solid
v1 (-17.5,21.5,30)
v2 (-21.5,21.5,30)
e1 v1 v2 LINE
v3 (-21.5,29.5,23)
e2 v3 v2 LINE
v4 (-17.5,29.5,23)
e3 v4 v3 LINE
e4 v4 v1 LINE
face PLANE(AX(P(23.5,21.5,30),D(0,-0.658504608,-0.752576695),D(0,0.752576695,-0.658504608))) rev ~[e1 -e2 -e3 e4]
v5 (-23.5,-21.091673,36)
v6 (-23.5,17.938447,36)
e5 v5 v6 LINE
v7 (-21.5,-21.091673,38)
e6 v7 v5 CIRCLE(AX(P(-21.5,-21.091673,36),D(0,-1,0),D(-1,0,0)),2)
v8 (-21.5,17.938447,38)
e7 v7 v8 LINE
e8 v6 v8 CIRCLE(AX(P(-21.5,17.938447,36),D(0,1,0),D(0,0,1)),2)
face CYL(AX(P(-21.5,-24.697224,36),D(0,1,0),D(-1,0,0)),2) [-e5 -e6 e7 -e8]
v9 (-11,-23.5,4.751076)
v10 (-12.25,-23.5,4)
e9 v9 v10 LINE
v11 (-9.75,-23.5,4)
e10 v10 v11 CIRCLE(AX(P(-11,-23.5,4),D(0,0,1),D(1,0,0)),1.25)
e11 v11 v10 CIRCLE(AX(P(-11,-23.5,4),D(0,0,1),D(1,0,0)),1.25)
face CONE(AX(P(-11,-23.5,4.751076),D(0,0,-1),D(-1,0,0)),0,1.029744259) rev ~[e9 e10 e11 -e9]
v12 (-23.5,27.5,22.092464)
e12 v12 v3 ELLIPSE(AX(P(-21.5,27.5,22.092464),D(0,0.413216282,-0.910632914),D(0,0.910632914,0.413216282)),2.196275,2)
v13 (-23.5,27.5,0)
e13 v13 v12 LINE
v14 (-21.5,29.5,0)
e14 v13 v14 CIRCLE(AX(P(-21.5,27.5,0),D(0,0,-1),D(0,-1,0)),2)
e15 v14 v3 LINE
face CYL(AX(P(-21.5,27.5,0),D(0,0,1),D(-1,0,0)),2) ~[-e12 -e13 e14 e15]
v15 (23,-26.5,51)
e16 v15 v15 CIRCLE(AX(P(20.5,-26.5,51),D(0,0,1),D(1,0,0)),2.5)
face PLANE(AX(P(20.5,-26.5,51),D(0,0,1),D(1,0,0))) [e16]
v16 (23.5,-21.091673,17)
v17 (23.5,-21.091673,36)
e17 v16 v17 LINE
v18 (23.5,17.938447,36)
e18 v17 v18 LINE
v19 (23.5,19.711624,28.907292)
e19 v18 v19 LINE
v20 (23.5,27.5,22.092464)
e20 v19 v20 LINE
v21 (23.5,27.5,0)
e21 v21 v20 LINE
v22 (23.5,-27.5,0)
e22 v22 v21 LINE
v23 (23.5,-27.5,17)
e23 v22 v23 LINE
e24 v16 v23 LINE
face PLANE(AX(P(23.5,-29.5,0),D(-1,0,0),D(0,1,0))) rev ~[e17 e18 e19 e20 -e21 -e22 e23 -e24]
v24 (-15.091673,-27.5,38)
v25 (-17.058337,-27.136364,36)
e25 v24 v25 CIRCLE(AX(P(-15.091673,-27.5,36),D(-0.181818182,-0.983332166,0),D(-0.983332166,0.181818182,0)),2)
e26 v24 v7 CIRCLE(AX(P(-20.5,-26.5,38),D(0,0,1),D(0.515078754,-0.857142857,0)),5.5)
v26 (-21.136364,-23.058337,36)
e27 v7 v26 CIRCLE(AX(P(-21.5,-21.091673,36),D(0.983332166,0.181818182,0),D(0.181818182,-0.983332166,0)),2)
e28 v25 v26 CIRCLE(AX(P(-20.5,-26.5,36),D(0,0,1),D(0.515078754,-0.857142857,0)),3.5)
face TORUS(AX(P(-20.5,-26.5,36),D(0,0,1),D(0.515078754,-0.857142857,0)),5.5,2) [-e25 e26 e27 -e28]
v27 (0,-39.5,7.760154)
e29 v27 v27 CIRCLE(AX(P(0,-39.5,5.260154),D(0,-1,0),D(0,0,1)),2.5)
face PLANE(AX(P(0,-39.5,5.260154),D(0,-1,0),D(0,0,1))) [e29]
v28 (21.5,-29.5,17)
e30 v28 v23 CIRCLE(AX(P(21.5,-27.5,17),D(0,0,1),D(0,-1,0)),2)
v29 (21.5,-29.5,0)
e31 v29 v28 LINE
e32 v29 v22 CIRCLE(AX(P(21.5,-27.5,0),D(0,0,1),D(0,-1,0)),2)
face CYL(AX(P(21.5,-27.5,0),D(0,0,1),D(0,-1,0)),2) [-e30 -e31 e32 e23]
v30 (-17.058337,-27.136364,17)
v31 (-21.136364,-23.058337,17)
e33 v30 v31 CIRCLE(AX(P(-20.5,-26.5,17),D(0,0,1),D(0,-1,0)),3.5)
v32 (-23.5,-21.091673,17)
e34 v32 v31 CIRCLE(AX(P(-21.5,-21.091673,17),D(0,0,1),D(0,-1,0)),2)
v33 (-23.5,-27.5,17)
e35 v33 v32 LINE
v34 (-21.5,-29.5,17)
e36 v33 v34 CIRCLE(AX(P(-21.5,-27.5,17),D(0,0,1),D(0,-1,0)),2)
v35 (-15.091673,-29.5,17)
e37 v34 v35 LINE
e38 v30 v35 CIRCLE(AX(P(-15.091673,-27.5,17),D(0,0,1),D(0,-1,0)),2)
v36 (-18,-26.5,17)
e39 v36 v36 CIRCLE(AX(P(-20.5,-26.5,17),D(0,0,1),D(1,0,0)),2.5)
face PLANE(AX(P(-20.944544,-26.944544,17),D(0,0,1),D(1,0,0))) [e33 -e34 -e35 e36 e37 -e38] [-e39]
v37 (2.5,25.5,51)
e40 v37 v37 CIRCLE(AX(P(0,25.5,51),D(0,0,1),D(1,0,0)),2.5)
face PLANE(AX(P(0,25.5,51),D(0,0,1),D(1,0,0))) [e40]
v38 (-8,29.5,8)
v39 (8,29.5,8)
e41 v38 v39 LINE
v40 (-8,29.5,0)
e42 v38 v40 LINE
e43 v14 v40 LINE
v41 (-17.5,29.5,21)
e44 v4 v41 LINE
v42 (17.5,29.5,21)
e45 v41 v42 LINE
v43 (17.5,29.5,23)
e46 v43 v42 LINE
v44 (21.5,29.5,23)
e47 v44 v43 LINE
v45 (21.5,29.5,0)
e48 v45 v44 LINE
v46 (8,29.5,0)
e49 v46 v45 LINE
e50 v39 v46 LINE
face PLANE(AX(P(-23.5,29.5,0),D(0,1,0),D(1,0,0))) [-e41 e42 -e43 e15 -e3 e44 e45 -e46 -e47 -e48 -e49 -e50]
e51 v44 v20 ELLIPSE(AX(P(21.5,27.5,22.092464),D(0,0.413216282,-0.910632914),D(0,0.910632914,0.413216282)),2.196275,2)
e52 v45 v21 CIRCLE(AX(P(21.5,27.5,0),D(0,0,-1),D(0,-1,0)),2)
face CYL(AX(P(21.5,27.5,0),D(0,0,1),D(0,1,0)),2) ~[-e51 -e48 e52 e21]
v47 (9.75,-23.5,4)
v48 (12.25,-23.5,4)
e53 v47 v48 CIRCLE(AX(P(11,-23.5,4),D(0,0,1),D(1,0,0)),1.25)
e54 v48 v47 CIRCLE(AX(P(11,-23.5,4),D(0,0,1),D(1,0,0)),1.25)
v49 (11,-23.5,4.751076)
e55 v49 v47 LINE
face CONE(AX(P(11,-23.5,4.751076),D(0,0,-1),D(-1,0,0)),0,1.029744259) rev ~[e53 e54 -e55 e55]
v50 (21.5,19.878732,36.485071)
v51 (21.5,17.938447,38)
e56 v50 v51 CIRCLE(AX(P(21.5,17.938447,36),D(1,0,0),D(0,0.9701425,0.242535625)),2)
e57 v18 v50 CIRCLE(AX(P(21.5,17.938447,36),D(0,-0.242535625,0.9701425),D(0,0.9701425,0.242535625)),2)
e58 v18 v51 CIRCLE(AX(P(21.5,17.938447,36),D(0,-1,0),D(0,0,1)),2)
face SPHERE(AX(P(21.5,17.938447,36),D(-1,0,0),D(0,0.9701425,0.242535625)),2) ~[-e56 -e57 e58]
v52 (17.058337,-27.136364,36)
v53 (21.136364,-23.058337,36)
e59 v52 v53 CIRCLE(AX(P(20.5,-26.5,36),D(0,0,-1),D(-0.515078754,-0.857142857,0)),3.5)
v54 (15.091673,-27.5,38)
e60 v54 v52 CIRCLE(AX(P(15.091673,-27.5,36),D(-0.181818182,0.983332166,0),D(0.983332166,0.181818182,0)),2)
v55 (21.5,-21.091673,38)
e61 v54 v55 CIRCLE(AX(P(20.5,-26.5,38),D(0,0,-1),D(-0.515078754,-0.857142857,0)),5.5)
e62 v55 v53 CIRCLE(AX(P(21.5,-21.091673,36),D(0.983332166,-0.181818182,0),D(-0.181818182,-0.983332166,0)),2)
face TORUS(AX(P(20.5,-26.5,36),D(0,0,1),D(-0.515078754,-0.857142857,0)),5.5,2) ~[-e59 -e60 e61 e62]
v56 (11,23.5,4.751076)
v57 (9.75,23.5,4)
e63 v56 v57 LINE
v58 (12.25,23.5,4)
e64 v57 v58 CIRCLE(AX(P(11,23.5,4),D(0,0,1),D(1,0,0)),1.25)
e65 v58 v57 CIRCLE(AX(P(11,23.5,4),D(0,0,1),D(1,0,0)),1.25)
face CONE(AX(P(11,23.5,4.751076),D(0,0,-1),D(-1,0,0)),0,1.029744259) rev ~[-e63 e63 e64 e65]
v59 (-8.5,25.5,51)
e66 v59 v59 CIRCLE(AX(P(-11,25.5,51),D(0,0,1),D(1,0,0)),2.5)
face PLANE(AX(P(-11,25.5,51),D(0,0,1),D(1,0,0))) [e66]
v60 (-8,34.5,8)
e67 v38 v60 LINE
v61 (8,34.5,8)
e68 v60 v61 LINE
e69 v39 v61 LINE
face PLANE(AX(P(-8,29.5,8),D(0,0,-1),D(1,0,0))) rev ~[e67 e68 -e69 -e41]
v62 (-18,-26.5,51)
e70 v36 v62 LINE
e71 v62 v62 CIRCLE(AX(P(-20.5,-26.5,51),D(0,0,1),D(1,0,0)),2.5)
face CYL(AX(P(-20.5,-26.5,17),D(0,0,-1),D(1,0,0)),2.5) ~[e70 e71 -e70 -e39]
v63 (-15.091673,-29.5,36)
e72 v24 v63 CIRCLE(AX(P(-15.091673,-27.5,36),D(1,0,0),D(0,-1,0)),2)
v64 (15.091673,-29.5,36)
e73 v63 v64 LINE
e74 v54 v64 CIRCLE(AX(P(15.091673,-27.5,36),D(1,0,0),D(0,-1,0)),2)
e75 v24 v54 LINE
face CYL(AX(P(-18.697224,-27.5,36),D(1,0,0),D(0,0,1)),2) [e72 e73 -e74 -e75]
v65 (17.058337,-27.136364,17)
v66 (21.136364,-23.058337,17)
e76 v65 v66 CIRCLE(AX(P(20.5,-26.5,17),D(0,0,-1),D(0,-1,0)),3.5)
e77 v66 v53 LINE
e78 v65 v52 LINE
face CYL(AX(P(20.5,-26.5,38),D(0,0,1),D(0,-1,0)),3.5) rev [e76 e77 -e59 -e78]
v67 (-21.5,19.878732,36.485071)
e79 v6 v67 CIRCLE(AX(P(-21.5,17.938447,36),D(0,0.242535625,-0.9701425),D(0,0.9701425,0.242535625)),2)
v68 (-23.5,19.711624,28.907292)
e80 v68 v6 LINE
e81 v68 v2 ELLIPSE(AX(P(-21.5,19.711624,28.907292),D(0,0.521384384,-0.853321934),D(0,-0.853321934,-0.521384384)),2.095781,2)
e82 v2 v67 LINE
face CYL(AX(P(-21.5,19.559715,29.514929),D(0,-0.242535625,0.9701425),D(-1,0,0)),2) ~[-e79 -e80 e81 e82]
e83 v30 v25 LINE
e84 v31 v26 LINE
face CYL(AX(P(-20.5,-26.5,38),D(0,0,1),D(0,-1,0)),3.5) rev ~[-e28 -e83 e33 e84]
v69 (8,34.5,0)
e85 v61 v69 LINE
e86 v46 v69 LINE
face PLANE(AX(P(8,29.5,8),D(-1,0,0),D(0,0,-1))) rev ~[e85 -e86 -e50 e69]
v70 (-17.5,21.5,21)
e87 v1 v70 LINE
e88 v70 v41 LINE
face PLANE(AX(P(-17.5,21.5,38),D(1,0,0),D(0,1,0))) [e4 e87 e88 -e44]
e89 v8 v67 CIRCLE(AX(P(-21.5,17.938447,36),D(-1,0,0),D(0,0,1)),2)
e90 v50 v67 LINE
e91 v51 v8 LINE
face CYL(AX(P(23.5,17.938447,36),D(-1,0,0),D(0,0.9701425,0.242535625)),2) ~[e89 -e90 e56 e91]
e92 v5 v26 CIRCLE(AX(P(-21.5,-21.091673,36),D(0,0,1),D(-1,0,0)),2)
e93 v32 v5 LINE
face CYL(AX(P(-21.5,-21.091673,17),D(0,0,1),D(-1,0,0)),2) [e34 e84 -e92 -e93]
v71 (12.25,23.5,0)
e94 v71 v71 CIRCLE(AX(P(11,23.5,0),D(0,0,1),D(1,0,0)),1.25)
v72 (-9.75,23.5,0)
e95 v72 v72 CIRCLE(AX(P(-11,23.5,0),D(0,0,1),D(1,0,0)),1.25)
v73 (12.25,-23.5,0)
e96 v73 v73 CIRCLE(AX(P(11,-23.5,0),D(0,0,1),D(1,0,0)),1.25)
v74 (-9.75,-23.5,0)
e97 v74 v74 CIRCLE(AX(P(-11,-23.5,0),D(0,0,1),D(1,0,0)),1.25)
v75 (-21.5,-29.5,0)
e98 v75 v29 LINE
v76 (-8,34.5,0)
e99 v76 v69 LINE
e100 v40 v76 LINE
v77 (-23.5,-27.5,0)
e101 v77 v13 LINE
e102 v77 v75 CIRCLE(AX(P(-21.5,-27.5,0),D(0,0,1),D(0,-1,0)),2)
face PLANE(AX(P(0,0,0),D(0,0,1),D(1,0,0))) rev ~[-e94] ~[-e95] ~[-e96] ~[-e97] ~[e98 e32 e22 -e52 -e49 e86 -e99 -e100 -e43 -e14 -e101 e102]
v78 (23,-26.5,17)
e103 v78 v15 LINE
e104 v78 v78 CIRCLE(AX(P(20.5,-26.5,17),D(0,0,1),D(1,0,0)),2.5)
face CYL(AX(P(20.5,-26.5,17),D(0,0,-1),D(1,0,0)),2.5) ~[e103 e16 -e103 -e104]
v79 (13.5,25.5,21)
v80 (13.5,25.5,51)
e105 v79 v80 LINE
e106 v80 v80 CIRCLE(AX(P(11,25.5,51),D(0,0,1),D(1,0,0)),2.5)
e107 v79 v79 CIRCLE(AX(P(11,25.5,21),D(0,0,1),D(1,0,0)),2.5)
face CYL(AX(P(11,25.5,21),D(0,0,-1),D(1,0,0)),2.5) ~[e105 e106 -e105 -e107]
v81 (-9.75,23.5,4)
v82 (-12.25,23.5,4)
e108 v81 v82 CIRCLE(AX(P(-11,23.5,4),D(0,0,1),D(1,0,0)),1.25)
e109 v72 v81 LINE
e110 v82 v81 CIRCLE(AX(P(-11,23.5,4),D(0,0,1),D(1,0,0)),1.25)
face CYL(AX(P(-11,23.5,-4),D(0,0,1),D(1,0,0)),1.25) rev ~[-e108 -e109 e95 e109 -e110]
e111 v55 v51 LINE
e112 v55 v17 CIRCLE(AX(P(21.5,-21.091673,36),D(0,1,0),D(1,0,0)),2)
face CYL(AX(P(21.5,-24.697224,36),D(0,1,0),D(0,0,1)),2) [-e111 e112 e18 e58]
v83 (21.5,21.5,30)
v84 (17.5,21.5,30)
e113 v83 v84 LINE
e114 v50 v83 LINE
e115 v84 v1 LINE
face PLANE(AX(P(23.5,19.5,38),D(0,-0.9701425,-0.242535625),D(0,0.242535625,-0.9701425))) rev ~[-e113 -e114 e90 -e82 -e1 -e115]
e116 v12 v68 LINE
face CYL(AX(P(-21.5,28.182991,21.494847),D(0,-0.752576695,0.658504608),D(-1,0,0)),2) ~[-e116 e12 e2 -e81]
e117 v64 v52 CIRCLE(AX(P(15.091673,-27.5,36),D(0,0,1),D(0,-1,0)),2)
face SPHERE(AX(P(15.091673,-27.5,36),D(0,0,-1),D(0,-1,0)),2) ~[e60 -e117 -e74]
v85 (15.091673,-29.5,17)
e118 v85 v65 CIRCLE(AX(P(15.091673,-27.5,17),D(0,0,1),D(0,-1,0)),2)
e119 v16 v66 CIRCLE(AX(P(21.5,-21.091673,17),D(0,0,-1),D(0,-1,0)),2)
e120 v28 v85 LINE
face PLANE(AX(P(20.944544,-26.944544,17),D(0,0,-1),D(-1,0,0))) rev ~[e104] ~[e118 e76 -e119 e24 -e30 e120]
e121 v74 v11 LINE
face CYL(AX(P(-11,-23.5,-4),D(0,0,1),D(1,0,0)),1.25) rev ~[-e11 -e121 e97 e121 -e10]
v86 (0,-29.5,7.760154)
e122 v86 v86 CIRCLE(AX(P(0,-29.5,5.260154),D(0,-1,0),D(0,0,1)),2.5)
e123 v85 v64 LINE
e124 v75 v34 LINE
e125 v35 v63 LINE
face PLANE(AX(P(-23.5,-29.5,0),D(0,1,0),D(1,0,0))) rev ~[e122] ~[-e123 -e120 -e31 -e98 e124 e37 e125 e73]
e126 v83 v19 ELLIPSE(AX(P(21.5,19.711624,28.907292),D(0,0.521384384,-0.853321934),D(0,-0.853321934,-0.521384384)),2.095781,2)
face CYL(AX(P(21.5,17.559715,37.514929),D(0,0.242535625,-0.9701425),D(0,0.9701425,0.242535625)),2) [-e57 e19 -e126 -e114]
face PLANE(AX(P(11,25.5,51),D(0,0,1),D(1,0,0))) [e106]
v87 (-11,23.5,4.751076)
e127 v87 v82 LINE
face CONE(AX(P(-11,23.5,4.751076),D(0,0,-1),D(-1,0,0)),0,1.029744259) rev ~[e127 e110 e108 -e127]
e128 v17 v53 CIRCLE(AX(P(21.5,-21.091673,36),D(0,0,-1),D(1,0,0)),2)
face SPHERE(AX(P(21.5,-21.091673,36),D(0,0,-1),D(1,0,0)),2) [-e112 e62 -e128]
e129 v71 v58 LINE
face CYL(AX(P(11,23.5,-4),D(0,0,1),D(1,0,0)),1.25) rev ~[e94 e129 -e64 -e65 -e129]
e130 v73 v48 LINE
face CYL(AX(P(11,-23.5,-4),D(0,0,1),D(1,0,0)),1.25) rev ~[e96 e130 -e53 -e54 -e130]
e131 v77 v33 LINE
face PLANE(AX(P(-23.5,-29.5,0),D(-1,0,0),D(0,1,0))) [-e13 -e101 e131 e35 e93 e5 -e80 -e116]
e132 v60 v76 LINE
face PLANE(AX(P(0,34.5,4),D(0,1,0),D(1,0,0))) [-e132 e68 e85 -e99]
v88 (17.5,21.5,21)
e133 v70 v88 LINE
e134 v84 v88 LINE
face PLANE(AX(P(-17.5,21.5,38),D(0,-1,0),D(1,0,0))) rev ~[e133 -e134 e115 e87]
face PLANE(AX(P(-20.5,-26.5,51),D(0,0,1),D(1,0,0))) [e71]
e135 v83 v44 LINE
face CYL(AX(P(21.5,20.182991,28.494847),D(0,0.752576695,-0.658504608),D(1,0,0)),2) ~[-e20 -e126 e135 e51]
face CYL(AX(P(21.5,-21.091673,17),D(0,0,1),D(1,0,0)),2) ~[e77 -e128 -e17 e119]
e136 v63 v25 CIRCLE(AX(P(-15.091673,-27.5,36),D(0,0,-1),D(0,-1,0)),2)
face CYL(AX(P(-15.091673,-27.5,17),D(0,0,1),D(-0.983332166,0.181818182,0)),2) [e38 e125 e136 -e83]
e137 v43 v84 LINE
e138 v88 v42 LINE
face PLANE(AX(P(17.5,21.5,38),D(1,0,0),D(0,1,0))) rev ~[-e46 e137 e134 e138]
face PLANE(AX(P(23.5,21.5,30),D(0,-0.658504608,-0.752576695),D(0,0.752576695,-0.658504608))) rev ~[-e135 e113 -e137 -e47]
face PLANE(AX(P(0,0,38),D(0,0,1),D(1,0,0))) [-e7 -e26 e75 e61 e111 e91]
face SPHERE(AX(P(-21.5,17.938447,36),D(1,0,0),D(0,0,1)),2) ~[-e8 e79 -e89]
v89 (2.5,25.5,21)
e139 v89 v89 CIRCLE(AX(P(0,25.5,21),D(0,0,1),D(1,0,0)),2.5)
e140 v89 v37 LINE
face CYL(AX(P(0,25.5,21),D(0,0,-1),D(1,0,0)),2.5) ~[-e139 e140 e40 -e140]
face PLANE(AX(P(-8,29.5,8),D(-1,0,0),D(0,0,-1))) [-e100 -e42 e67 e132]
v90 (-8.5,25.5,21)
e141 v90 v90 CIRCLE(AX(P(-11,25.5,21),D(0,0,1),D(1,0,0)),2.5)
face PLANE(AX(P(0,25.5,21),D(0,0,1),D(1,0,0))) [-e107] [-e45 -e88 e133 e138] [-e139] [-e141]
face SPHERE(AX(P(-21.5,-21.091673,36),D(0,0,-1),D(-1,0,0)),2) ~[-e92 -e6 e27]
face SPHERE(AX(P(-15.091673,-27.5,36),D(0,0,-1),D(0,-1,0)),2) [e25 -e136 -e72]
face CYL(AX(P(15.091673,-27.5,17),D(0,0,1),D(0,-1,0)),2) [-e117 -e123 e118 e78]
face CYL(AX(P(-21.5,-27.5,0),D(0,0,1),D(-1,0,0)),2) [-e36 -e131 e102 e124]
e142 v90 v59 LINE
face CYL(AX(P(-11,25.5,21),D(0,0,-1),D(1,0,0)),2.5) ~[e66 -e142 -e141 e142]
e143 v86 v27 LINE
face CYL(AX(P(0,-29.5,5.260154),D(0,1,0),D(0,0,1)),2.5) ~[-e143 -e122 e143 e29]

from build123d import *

# Parameters (mm, degrees)
SKETCH_1_W          = 47
SKETCH_1_H          = 59
EXTRUDE_1_DEPTH     = 38
CUT_EXTRUDE_1_DEPTH = 68.25511133
SKETCH_3_W          = 35
SKETCH_3_H          = 8
CUT_EXTRUDE_2_DEPTH = 17
SKETCH_4_R          = 2.5
EXTRUDE_2_DEPTH     = 30
CUT_EXTRUDE_3_DEPTH = 21
SKETCH_6_R          = 2.5
EXTRUDE_3_DEPTH     = 34
FILLET_1_R          = 2
M3X0_51_D           = 2.5
M3X0_51_DEPTH       = 4
M3X0_51_TIP         = 0.751075774
SKETCH_10_R         = 2.5
EXTRUDE_4_DEPTH     = 10
SKETCH_11_W         = 16
SKETCH_11_H         = 8
EXTRUDE_5_DEPTH     = 5


with BuildPart() as part:
    # Эскиз1 → Бобышка-Вытянуть1 (new body)
    with BuildSketch(Plane.XY):
        Rectangle(SKETCH_1_W, SKETCH_1_H)
    extrude(amount=EXTRUDE_1_DEPTH)

    # Эскиз2 → Вырез-Вытянуть1 (cut, through all)
    with BuildSketch(Plane(origin=(23.5, 0, 0), x_dir=(0, 0, -1), z_dir=(1, 0, 0))):
        Polygon((-38, 29.5), (-38, 19.5), (-30, 21.5), (-23, 29.5), align=None)
    extrude(amount=-CUT_EXTRUDE_1_DEPTH, mode=Mode.SUBTRACT)

    # Эскиз3 → Вырез-Вытянуть2 (cut)
    with BuildSketch(Plane.XY.offset(38)):
        with Locations((0, 25.5)):
            Rectangle(SKETCH_3_W, SKETCH_3_H)
    extrude(amount=-CUT_EXTRUDE_2_DEPTH, mode=Mode.SUBTRACT)

    # Эскиз4 → Бобышка-Вытянуть2 (add)
    with BuildSketch(Plane.XY.offset(21)):
        with Locations((0, 25.5)):
            Circle(SKETCH_4_R)
        with Locations((-11, 25.5)):
            Circle(SKETCH_4_R)
        with Locations((11, 25.5)):
            Circle(SKETCH_4_R)
    extrude(amount=EXTRUDE_2_DEPTH)

    # Эскиз5 → Вырез-Вытянуть3 (cut)
    with BuildSketch(Plane.XY.offset(38)):
        with BuildLine():
            Line((-24, -26.5), (-24, -30))
            Line((-24, -30), (-20.5, -30))
            ThreePointArc((-20.5, -30), (-18.025126266, -24.025126266), (-24, -26.5))
        make_face()
        with BuildLine():
            Line((24, -26.5), (24, -30))
            Line((24, -30), (20.5, -30))
            ThreePointArc((20.5, -30), (18.025126266, -24.025126266), (24, -26.5))
        make_face()
    extrude(amount=-CUT_EXTRUDE_3_DEPTH, mode=Mode.SUBTRACT)

    # Эскиз6 → Бобышка-Вытянуть3 (add)
    with BuildSketch(Plane.XY.offset(17)):
        with Locations((-20.5, -26.5)):
            Circle(SKETCH_6_R)
        with Locations((20.5, -26.5)):
            Circle(SKETCH_6_R)
    extrude(amount=EXTRUDE_3_DEPTH)

    # Скругление1
    fillet_1_edges = [part.edges().sort_by_distance(p)[0] for p in [
        (-23.5, -2.598612181, 38),
        (-23.5, 29.5, 11.5),
        (23.5, 29.5, 11.5),
        (-23.5, 25.5, 26.5),
        (-23.5, 20.5, 34),
        (0, 19.5, 38),
        (23.5, 20.5, 34),
        (23.5, 25.5, 26.5),
        (23.5, -2.598612181, 38),
        (18.025126266, -24.025126266, 38),
        (23.5, -29.5, 8.5),
        (23.5, -24.697224362, 27.5),
        (18.697224362, -29.5, 27.5),
        (0, -29.5, 38),
        (-18.025126266, -24.025126266, 38),
        (-23.5, -29.5, 8.5),
        (-23.5, -24.697224362, 27.5),
        (-18.697224362, -29.5, 27.5),
    ]]
    fillet(fillet_1_edges, radius=FILLET_1_R)

    # Отверстие обработанное метчиком M3x0.51
    with Locations(Plane(origin=(0, 0, 0), x_dir=(-1, 0, 0), z_dir=(0, 0, -1))):
        with Locations((-11, 23.5), (11, 23.5), (11, -23.5), (-11, -23.5)):
            Hole(M3X0_51_D / 2, depth=M3X0_51_DEPTH)
            with Locations((0, 0, -(M3X0_51_DEPTH + M3X0_51_TIP / 2))):  # 118° drill point
                Cone(0, M3X0_51_D / 2, M3X0_51_TIP, mode=Mode.SUBTRACT)

    # Эскиз10 → Бобышка-Вытянуть4 (add)
    with BuildSketch(Plane.XZ.offset(29.5)):
        with Locations(Location((0, 5.26015425, 0), (0, 0, 90))):
            Circle(SKETCH_10_R)
    extrude(amount=EXTRUDE_4_DEPTH)

    # Эскиз11 → Бобышка-Вытянуть5 (add)
    with BuildSketch(Plane(origin=(0, 29.5, 0), x_dir=(1, 0, 0), z_dir=(0, 1, 0))):
        with Locations((0, -4)):
            Rectangle(SKETCH_11_W, SKETCH_11_H)
    extrude(amount=EXTRUDE_5_DEPTH)


solid = part.part
